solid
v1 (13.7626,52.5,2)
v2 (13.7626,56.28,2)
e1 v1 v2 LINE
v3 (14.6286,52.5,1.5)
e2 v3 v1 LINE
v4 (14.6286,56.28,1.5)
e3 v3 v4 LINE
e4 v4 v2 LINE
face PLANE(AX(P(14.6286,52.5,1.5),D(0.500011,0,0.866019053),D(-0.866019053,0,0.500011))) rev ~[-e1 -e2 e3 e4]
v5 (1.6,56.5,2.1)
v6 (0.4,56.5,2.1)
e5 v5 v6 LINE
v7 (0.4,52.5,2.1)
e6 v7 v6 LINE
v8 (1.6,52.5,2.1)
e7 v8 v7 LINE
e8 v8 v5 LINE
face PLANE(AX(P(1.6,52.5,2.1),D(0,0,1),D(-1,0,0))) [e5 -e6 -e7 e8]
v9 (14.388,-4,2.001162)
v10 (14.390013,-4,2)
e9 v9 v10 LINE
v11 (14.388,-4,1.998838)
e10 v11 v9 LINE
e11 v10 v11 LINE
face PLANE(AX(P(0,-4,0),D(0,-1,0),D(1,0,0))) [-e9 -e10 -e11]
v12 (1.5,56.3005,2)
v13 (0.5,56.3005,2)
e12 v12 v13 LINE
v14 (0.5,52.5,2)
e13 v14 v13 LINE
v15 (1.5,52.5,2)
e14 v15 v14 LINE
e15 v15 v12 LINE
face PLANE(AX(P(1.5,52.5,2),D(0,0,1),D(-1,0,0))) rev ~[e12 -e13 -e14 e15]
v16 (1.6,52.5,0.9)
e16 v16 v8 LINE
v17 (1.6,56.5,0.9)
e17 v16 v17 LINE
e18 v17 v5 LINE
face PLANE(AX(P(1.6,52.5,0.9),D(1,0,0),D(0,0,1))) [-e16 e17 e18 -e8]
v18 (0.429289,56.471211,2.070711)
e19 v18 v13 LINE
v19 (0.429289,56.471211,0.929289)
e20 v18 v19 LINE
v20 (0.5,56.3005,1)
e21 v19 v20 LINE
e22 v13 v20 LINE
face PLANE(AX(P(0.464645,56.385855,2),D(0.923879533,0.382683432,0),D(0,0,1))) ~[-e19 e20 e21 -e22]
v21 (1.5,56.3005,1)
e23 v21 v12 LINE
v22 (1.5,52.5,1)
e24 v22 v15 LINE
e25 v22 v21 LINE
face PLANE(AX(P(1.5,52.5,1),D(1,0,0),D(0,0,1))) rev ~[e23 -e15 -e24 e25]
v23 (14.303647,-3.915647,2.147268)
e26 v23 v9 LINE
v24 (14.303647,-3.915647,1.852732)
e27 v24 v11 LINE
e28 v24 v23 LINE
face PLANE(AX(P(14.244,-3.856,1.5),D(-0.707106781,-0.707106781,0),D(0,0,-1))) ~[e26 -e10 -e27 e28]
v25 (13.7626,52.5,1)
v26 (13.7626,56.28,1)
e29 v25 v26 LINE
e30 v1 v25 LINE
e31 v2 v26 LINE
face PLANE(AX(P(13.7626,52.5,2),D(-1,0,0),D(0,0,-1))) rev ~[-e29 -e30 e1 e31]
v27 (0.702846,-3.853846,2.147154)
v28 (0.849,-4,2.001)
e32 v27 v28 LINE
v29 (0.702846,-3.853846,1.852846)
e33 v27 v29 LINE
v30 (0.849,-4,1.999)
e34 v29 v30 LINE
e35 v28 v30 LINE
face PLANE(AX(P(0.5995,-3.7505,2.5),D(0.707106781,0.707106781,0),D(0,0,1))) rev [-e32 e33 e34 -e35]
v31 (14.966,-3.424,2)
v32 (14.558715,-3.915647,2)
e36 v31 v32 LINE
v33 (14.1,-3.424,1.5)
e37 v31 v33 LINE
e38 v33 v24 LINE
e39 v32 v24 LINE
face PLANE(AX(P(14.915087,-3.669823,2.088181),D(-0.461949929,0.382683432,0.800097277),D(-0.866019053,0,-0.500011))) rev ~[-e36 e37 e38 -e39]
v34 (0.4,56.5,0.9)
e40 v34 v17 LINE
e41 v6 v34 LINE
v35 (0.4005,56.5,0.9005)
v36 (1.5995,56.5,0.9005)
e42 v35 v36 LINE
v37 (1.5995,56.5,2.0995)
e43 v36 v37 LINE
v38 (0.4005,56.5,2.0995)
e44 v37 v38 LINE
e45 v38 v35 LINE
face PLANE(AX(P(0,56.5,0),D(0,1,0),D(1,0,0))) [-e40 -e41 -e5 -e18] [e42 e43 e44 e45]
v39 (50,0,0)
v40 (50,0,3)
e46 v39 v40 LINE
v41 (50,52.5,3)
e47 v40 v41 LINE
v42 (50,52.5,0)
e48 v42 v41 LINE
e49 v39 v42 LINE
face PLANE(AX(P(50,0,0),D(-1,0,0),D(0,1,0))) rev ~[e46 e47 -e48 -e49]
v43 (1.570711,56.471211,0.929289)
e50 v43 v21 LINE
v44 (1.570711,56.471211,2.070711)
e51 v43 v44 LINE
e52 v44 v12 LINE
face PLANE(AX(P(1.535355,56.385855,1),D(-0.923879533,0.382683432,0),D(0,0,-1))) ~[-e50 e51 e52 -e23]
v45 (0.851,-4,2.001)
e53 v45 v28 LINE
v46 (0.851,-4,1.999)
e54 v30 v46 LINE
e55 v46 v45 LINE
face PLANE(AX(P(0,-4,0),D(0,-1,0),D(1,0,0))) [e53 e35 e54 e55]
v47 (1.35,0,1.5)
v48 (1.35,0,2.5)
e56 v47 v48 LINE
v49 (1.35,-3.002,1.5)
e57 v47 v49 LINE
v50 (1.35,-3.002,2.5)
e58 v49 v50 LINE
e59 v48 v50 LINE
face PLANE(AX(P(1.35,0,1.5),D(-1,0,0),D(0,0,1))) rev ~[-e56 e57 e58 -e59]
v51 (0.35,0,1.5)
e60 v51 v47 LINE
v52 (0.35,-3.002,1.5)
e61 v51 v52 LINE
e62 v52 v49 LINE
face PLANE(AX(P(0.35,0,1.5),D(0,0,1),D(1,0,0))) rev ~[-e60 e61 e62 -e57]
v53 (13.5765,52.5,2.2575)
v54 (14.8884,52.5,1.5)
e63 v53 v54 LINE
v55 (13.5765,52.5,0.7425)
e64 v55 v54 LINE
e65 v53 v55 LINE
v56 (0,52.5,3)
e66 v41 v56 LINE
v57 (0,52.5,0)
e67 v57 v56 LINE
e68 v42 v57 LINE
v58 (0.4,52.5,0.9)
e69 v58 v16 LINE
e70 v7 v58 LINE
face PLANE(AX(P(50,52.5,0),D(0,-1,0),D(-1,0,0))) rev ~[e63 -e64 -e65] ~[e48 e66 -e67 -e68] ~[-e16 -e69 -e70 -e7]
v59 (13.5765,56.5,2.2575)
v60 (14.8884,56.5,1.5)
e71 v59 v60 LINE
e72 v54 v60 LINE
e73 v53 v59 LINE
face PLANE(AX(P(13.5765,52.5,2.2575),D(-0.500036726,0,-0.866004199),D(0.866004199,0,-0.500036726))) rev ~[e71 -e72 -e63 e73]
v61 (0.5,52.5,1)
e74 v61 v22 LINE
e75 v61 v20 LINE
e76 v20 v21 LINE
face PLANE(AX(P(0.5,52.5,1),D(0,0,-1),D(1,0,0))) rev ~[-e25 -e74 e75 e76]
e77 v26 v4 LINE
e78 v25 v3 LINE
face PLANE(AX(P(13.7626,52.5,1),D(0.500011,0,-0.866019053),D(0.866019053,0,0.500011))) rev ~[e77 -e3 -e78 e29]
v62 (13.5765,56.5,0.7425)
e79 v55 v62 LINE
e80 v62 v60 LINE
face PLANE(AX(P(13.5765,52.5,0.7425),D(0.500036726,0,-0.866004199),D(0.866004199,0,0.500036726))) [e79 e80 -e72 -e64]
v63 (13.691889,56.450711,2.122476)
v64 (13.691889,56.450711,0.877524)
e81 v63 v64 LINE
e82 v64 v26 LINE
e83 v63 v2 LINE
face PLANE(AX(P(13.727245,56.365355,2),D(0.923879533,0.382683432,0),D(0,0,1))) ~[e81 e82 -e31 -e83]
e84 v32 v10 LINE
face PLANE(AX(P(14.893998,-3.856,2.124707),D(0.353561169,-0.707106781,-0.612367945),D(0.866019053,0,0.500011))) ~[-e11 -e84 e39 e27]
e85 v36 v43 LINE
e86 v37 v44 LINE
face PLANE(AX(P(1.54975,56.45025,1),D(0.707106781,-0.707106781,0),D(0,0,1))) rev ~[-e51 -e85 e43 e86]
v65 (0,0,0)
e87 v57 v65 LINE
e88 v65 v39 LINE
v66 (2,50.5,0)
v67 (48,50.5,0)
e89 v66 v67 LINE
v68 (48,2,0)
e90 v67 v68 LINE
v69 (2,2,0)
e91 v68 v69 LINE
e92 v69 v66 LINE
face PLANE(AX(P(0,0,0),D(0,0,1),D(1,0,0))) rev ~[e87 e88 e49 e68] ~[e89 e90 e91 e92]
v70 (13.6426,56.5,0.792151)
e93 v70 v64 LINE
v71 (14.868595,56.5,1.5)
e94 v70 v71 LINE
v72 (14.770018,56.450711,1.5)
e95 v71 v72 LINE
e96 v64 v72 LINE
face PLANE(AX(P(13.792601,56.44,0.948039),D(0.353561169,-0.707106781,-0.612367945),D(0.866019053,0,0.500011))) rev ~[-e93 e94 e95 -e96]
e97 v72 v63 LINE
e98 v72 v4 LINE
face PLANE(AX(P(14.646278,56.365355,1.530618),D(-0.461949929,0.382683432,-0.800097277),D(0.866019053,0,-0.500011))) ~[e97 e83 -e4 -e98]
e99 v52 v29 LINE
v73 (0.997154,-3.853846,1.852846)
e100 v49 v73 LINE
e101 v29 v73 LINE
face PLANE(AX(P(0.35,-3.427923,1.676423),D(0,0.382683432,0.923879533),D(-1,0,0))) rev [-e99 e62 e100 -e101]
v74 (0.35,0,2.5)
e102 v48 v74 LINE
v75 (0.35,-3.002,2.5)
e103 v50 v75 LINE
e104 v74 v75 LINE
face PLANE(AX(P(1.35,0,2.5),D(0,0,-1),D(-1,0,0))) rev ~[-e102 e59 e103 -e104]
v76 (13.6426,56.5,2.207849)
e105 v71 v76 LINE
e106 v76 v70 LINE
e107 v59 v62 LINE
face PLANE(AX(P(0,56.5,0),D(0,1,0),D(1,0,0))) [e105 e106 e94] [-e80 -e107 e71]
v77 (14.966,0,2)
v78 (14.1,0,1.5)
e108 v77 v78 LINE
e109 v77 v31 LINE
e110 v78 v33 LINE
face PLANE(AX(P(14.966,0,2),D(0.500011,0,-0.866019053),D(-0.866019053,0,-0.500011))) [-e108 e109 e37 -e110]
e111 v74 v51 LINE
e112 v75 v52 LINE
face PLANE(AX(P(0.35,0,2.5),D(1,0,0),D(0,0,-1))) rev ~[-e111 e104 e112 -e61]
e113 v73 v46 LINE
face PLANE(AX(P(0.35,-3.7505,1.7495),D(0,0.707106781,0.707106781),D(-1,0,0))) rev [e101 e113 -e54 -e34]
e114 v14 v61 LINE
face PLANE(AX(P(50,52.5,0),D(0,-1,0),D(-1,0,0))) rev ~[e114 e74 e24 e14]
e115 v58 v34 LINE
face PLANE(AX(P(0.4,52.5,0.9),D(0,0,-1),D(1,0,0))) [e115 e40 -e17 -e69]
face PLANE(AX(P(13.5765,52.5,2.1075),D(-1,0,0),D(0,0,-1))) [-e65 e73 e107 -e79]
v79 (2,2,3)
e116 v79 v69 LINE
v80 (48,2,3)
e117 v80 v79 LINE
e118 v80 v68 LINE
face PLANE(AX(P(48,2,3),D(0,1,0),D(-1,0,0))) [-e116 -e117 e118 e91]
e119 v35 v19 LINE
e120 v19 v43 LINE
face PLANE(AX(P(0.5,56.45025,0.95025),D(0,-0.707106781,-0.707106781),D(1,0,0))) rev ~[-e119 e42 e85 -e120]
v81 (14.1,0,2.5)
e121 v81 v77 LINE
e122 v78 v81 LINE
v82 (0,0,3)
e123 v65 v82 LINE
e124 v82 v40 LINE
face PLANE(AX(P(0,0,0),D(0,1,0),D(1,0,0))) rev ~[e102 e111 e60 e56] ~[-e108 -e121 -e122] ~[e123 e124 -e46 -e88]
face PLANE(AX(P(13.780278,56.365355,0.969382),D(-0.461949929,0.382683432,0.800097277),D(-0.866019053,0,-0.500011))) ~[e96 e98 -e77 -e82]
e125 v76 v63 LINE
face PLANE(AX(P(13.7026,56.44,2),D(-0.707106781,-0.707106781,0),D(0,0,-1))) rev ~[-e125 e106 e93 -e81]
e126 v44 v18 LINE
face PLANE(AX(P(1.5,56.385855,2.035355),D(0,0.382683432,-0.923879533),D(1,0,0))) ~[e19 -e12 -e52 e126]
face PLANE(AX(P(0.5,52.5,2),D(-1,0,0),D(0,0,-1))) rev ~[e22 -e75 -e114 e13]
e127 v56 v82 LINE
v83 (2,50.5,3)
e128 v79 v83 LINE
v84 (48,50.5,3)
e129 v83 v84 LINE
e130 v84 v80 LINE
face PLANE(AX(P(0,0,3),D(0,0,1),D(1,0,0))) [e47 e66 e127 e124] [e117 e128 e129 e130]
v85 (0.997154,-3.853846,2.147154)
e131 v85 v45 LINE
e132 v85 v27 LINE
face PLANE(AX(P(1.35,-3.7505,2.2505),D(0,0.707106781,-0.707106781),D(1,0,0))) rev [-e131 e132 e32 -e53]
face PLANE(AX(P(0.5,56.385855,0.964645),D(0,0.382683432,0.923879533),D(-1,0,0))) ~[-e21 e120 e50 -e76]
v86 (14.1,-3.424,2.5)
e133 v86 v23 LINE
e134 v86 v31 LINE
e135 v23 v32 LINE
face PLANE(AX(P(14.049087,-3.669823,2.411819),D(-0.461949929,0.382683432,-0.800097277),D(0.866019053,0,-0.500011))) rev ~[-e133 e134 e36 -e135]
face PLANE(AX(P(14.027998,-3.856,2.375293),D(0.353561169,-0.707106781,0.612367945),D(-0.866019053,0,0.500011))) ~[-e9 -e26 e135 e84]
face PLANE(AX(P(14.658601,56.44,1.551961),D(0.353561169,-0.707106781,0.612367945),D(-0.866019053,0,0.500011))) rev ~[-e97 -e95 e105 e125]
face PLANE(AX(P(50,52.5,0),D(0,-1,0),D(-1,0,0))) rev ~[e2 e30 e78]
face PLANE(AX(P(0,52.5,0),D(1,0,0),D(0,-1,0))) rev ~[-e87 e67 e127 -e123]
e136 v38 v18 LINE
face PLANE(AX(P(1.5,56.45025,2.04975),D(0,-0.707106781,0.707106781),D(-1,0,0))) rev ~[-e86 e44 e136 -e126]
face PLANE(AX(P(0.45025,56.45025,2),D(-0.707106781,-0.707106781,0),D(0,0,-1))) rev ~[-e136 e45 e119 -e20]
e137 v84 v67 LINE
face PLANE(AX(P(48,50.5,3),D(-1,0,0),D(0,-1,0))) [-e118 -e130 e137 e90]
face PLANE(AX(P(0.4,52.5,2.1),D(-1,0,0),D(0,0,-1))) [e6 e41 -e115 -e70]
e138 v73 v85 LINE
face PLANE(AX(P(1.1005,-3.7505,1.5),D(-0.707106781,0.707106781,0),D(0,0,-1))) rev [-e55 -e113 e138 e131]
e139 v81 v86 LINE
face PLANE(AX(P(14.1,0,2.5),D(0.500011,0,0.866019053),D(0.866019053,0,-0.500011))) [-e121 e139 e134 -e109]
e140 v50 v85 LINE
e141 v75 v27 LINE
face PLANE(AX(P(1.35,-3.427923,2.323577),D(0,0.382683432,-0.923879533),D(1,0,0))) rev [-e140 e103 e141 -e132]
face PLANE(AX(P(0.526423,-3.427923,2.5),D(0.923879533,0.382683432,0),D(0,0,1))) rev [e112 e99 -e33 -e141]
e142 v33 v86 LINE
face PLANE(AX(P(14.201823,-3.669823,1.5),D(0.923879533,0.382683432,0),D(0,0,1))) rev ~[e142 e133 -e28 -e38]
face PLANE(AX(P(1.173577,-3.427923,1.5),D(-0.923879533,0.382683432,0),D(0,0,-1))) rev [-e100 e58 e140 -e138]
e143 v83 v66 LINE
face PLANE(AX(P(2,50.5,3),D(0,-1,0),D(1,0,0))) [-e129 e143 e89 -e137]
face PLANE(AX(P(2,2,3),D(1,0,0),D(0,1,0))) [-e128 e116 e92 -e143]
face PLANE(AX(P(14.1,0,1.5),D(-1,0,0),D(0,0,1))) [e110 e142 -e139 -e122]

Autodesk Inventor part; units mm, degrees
ref_plane "YZ Plane" through (0, 0, 0) normal (1, 0, 0) x (0, 1, 0)
ref_plane "XZ Plane" through (0, 0, 0) normal (0, 1, 0) x (-1, 0, 0)
ref_plane "XY Plane" through (0, 0, 0) normal (0, 0, 1) x (1, 0, 0)
sketch "Sketch1" plane through (0, 0, 0) normal (0, 0, 1) x (1, 0, 0)
  line L0 (0, 0) -> (50, 0)
  line L1 (50, 0) -> (50, 52.5)
  line L2 (50, 52.5) -> (0, 52.5)
  line L3 (0, 52.5) -> (0, 0)
  dimension "d0" = 50
  dimension "d1" = 52.5
extrude "Extrusion1" add sketch "Sketch1" along normal blind 3
sketch "Sketch2" plane through (0, 0, 3) normal (0, 0, 1) x (1, 0, 0)
  line L0 (2, 50.5) -> (48, 50.5)
  line L1 (48, 50.5) -> (48, 2)
  line L2 (48, 2) -> (2, 2)
  line L3 (2, 2) -> (2, 50.5)
  dimension "d4" = 46
  dimension "d5" = 48.5
extrude "Extrusion2" cut sketch "Sketch2" against normal blind 10
sketch "Sketch5" plane through (0, 0, 0) normal (0, -1, 0) x (1, 0, 0)
  line L0 (12.85, 2.5) -> (12.85, 1.5) projected
  line L1 (2.85, 1.5) -> (2.85, 2.5) projected
  line L2 (0, 0) -> (50, 0) projected
  line L3 (14.1, 2.5) -> (14.966, 2)
  line L4 (14.966, 2) -> (14.1, 1.5)
  line L5 (14.1, 1.5) -> (14.1, 2.5)
  line L6 (2, 3) -> (48, 3) projected
  line L7 (1.35, 2.5) -> (0.35, 2.5)
  line L8 (0.35, 2.5) -> (0.35, 1.5)
  line L9 (0.35, 1.5) -> (1.35, 1.5)
  line L10 (1.35, 1.5) -> (1.35, 2.5)
  dimension "d24" = 1
  dimension "d25" = 1
  dimension "d26" = 1.5
  dimension "d27" = 1.25
  dimension "d28" = 1
  dimension "d29" = 1
  dimension "d30" = 1
  dimension "d31" = 1
  dimension "d32" = 1
  dimension "d33" = 0.5
  dimension "d34" = 1.5
extrude "Extrusion5" add sketch "Sketch5" along normal blind 4
chamfer "Chamfer3" distance 0.288 angle 45 3 edges at (14.533, -4, 1.75) (14.1, -4, 2) (14.533, -4, 2.25)
chamfer "Chamfer4" distance 0.288 angle 45 3 edges at (14.533, -3.712, 1.75) (14.1, -3.712, 2) (14.533, -3.712, 2.25)
chamfer "Chamfer5" distance 0.499 angle 45 4 edges at (0.85, -4, 1.5) (1.35, -4, 2) (0.85, -4, 2.5) (0.35, -4, 2)
chamfer "Chamfer6" distance 0.499 angle 45 4 edges at (0.85, -3.501, 1.5) (1.35, -3.501, 2) (0.85, -3.501, 2.5) (0.35, -3.501, 2)
sketch "Sketch8" plane through (0, 52.5, 0) normal (0, 1, 0) x (1, 0, 0)
  line L0 (50, 0) -> (0, 0) projected
  line L1 (50, 0) -> (50, -3) projected
  line L2 (13.7626, -1) -> (14.6286, -1.5)
  line L3 (13.7626, -1) -> (14.7626, -1) construction
  line L4 (14.6286, -1.5) -> (13.7626, -2)
  line L5 (12.66, -2.77) -> (12.66, -0.23) projected
  line L6 (13.7626, -2) -> (13.7626, -1)
  line L7 (13.5765, -2.1075) -> (13.5765, -0.8925)
  line L8 (13.5765, -0.8925) -> (13.5765, -0.7425)
  line L9 (13.5765, -0.7425) -> (14.8884, -1.5)
  line L10 (13.5765, -2.1075) -> (13.5765, -2.2575)
  line L11 (13.5765, -2.2575) -> (14.8884, -1.5)
  dimension "d60" = 1
  dimension "d61" = 30
  dimension "d62" = 1
  dimension "d63" = 60
  dimension "d64" = 1
  dimension "d65" = 35.3714
  dimension "d66" = 0.15
  dimension "d67" = 60
  dimension "d68" = 0.15
extrude "Extrusion8" add sketch "Sketch8" along normal blind 4
chamfer "Chamfer7" distance 0.12 angle 45 3 edges at (14.1956, 56.5, 1.75) (13.7626, 56.5, 1.5) (14.1956, 56.5, 1.25)
sketch "Sketch9" plane through (0, 52.5, 0) normal (0, 1, 0) x (1, 0, 0)
  line L0 (50, 0) -> (0, 0) projected
  line L1 (0, 0) -> (0, -3) projected
  line L2 (50, -3) -> (0, -3) projected
  line L3 (2, -2.77) -> (2, -0.23) projected
  line L4 (1.5, -2) -> (0.5, -2)
  line L5 (0.5, -2) -> (0.5, -1)
  line L6 (0.5, -1) -> (1.5, -1)
  line L7 (1.5, -1) -> (1.5, -2)
  line L8 (1.6, -2.1) -> (0.4, -2.1)
  line L9 (0.4, -2.1) -> (0.4, -0.9)
  line L10 (0.4, -0.9) -> (1.6, -0.9)
  line L11 (1.6, -0.9) -> (1.6, -2.1)
  dimension "d74" = 1
  dimension "d75" = 1
  dimension "d76" = 0.5
  dimension "d77" = 1
  dimension "d78" = 1
  dimension "d79" = 0.5
  dimension "d81" = 1.2
  dimension "d82" = 1.2
extrude "Extrusion9" add sketch "Sketch9" along normal blind 4
chamfer "Chamfer8" distance 0.1 angle 45 4 edges at (1.5, 56.5, 1.5) (1, 56.5, 2) (0.5, 56.5, 1.5) (1, 56.5, 1)
chamfer "Chamfer9" distance 0.1 angle 45 4 edges at (0.5, 56.4005, 1.5) (1, 56.4005, 2) (1.5, 56.4005, 1.5) (1, 56.4005, 1)
chamfer "Chamfer10" distance 0.1 angle 45 3 edges at (14.1956, 56.38, 1.75) (13.7626, 56.38, 1.5) (14.1956, 56.38, 1.25)
properties part number "Zijplaat 1.1"
